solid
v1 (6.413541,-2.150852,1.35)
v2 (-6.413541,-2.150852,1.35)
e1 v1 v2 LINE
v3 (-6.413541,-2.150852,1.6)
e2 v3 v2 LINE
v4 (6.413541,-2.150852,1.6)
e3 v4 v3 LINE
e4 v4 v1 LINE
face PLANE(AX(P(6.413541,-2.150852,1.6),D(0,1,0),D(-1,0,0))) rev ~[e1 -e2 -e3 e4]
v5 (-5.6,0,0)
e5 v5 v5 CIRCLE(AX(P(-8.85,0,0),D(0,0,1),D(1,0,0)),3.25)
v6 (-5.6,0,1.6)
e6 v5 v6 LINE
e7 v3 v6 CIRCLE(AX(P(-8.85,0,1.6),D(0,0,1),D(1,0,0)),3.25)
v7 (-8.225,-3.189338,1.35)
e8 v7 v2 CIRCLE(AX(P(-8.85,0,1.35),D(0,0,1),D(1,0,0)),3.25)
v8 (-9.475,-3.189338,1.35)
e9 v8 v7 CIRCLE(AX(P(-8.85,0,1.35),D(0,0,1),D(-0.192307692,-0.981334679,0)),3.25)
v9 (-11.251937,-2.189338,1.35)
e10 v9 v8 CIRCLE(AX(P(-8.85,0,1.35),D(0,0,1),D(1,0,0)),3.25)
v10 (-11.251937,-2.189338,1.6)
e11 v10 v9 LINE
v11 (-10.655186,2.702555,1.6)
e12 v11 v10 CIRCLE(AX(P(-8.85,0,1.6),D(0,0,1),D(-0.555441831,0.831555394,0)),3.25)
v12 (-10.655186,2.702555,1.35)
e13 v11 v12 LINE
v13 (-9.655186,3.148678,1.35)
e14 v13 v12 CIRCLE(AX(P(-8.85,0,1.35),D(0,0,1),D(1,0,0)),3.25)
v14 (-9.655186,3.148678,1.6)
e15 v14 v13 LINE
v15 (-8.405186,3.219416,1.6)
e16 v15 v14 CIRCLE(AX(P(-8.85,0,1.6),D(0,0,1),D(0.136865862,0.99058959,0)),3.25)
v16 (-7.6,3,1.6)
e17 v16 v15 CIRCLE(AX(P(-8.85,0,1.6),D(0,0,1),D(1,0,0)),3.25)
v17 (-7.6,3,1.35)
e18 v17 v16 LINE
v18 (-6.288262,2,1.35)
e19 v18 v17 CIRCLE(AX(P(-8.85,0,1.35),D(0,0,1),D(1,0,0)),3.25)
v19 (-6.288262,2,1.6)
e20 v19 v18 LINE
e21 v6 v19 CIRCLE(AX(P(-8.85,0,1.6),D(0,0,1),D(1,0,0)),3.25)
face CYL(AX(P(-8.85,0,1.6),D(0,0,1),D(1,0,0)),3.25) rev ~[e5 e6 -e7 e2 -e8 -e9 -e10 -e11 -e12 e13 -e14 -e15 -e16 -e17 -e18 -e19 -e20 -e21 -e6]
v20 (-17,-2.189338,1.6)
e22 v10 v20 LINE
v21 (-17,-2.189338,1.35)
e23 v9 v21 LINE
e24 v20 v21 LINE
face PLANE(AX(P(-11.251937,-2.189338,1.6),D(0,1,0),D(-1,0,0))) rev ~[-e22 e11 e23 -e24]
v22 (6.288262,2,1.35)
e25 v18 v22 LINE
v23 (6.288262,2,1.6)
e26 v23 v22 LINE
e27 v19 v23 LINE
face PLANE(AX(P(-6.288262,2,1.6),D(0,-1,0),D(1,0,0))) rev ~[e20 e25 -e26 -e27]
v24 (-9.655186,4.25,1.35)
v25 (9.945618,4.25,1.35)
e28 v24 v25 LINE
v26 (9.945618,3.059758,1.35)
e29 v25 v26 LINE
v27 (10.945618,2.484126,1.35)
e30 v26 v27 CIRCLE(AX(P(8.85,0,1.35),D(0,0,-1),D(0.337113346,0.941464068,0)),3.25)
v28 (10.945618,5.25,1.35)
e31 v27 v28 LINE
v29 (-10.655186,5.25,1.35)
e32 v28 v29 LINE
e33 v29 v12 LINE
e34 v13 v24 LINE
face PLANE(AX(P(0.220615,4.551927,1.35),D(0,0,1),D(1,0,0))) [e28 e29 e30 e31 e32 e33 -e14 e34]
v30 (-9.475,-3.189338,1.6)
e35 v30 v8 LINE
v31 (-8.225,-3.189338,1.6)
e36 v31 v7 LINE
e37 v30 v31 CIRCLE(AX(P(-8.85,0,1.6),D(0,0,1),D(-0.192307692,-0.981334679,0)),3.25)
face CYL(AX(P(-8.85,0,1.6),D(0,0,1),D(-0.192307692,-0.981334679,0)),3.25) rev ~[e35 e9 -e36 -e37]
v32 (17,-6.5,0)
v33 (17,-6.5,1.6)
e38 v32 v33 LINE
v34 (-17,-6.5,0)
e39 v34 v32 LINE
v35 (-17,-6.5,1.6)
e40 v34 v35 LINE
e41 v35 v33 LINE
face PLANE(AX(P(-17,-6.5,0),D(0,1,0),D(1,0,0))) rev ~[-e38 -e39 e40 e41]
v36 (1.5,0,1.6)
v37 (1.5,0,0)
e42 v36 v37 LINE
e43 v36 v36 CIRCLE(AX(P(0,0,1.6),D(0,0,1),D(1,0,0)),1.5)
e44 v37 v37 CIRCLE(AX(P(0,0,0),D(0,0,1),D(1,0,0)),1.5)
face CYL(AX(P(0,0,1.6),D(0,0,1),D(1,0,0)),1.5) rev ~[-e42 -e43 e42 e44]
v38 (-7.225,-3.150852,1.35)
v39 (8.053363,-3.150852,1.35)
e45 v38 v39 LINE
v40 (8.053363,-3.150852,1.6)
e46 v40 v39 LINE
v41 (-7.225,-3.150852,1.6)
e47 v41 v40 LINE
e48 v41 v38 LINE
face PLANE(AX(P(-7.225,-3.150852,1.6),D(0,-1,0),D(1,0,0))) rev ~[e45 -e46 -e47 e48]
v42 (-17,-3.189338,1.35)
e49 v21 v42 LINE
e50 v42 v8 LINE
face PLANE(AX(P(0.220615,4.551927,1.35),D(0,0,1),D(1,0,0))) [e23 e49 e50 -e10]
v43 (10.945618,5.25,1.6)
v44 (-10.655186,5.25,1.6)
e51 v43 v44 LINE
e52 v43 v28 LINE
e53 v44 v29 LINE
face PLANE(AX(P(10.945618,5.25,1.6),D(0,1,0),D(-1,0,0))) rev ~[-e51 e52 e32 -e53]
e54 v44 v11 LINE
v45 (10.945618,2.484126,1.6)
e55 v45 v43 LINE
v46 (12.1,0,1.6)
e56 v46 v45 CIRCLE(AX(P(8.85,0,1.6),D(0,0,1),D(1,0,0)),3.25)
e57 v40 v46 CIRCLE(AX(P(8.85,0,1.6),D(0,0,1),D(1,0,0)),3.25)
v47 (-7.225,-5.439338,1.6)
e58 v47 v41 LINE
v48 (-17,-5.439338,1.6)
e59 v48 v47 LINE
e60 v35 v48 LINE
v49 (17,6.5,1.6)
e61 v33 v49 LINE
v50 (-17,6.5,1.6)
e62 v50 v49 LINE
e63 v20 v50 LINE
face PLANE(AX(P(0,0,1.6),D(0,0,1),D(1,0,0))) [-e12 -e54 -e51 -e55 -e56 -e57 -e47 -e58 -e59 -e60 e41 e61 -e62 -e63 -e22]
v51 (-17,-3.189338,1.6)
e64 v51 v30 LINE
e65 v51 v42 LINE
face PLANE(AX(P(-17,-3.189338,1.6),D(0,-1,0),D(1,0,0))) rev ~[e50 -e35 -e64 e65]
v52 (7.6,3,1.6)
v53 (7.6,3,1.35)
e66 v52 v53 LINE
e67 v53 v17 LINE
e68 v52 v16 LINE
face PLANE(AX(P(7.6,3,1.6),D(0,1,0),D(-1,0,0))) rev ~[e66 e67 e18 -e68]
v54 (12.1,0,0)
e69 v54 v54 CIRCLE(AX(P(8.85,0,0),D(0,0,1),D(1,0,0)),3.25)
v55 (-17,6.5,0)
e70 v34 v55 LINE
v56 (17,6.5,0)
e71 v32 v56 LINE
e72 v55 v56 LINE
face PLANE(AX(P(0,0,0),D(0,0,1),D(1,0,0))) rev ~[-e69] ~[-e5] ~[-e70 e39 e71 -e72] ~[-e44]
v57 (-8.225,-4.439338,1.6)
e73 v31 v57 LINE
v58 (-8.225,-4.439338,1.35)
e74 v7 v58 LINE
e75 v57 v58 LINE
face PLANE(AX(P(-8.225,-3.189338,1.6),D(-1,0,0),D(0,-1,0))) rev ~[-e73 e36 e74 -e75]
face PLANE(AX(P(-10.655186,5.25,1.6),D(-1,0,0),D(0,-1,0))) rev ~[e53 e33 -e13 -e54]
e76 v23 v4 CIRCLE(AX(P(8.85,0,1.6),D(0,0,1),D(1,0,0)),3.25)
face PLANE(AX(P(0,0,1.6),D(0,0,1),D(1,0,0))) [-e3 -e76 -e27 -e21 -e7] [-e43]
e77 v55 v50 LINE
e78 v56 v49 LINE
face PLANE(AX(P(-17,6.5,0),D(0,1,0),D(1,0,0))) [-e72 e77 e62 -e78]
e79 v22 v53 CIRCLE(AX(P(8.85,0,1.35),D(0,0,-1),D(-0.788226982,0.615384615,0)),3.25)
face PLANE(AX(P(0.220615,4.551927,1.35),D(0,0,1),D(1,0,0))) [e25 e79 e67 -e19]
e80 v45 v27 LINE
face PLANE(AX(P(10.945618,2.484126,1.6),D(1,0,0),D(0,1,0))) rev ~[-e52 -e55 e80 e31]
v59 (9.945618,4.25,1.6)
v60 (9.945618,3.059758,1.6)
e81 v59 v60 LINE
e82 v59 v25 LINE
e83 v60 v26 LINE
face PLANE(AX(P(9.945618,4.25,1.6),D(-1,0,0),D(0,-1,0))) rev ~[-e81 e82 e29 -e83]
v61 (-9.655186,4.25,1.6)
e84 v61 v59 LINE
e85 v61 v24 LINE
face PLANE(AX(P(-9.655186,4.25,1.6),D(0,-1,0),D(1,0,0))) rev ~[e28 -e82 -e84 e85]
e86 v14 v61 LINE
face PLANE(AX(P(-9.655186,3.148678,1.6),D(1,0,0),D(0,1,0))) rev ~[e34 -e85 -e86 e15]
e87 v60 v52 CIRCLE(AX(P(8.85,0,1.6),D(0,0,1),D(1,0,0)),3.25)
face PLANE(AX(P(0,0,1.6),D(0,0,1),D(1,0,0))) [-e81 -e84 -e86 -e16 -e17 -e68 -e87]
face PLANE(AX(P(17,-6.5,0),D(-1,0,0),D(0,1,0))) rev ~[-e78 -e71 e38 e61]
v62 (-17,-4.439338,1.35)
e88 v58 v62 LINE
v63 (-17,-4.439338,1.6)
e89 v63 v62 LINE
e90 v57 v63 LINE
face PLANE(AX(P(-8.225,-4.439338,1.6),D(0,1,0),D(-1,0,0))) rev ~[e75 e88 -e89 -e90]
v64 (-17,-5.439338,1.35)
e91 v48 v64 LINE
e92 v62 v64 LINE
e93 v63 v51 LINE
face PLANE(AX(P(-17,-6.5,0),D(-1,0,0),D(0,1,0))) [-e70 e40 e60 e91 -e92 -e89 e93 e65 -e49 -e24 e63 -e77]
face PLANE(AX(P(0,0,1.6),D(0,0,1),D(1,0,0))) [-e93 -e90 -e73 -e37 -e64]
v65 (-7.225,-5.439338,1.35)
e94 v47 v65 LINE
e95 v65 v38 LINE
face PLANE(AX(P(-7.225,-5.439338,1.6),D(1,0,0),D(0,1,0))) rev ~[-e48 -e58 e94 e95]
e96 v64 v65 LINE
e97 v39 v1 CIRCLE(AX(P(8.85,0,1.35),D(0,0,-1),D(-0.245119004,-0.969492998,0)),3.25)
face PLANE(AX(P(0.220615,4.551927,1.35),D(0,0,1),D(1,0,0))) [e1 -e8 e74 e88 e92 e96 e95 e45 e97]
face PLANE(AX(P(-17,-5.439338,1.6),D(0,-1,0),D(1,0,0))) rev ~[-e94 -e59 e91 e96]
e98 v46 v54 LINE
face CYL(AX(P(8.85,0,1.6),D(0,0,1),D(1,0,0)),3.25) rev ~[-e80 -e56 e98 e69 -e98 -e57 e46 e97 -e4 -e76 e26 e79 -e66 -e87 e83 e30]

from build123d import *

# Parameters (mm, degrees)
F0_W     = 34
F0_H     = 13
F1_DEPTH = 1.6
F2_R     = 3.25
F3_DEPTH = 1.601
F4_R     = 1.5
F5_DEPTH = 1.601
F7_DEPTH = 0.25


with BuildPart() as f1:
    # F0 (on Top) → F1 (new body)
    with BuildSketch(Plane.XY):
        Rectangle(F0_W, F0_H)
    extrude(amount=F1_DEPTH)

    # F2 (on face) → F3 (cut, through all)
    with BuildSketch(Plane.XY.offset(1.6)):
        with Locations((-8.85, 0)):
            Circle(F2_R)
        with Locations((8.85, 0)):
            Circle(F2_R)
    extrude(amount=-F3_DEPTH, mode=Mode.SUBTRACT)

    # F4 (on face) → F5 (cut, through all)
    with BuildSketch(Plane.XY.offset(1.6)):
        Circle(F4_R)
    extrude(amount=-F5_DEPTH, mode=Mode.SUBTRACT)

    # F6 (on face) → F7 (cut)
    with BuildSketch(Plane.XY.offset(1.6)):
        with BuildLine():
            ThreePointArc((-10.6551859497, 2.7025550294), (-10.1741098428, 2.9680352296), (-9.6551859497, 3.1486783873))
            Line((-9.6551859497, 3.1486783873), (-9.6551859497, 4.25))
            Line((-9.6551859497, 4.25), (9.9456183744, 4.25))
            Line((9.9456183744, 4.25), (9.9456183744, 3.0597582221))
            ThreePointArc((9.9456183744, 3.0597582221), (10.4713685624, 2.8166760525), (10.9456183744, 2.4841263311))
            Line((10.9456183744, 2.4841263311), (10.9456183744, 5.25))
            Line((10.9456183744, 5.25), (-10.6551859497, 5.25))
            Line((-10.6551859497, 5.25), (-10.6551859497, 2.7025550294))
        make_face()
        with BuildLine():
            ThreePointArc((-8.4051859497, 3.2194161677), (-9.0336244397, 3.244808479), (-9.6551859497, 3.1486783873))
            ThreePointArc((-9.6551859497, 3.1486783873), (-10.1741098428, 2.9680352296), (-10.6551859497, 2.7025550294))
            ThreePointArc((-10.6551859497, 2.7025550294), (-12.0760849491, 0.3935427562), (-11.2519368041, -2.1893377055))
            ThreePointArc((-11.2519368041, -2.1893377055), (-10.4439217685, -2.8322982534), (-9.475, -3.1893377055))
            ThreePointArc((-9.475, -3.1893377055), (-8.85, -3.25), (-8.225, -3.1893377055))
            ThreePointArc((-8.225, -3.1893377055), (-7.7095021463, -3.0433147464), (-7.225, -2.8145825623))
            ThreePointArc((-7.225, -2.8145825623), (-6.7923319785, -2.5156514689), (-6.4135405563, -2.1508522448))
            ThreePointArc((-6.4135405563, -2.1508522448), (-5.8101814863, -1.1497840684), (-5.6, 0))
            ThreePointArc((-5.6, 0), (-5.7768788262, 1.0575567367), (-6.2882623085, 2))
            ThreePointArc((-6.2882623085, 2), (-6.8796355522, 2.5846013122), (-7.6, 3))
            Line((-7.6, 3), (-8.4051859497, 3))
            Line((-8.4051859497, 3), (-8.4051859497, 3.2194161677))
        make_face()
        with BuildLine():
            Line((7.6, 3), (-7.6, 3))
            ThreePointArc((-7.6, 3), (-6.8796355522, 2.5846013122), (-6.2882623085, 2))
            Line((-6.2882623085, 2), (6.2882623085, 2))
            ThreePointArc((6.2882623085, 2), (6.8796355522, 2.5846013122), (7.6, 3))
        make_face()
        with BuildLine():
            ThreePointArc((8.0533632375, -3.1508522448), (7.1578925065, -2.774756247), (6.4135405563, -2.1508522448))
            Line((6.4135405563, -2.1508522448), (-6.4135405563, -2.1508522448))
            ThreePointArc((-6.4135405563, -2.1508522448), (-6.7923319785, -2.5156514689), (-7.225, -2.8145825623))
            Line((-7.225, -2.8145825623), (-7.225, -3.1508522448))
            Line((-7.225, -3.1508522448), (8.0533632375, -3.1508522448))
        make_face()
        with BuildLine():
            ThreePointArc((-7.225, -2.8145825623), (-7.7095021463, -3.0433147464), (-8.225, -3.1893377055))
            Line((-8.225, -3.1893377055), (-8.225, -4.4393377055))
            Line((-8.225, -4.4393377055), (-17, -4.4393377055))
            Line((-17, -4.4393377055), (-17, -5.4393377055))
            Line((-17, -5.4393377055), (-7.225, -5.4393377055))
            Line((-7.225, -5.4393377055), (-7.225, -3.1508522448))
            Line((-7.225, -3.1508522448), (-7.225, -2.8145825623))
        make_face()
        with BuildLine():
            ThreePointArc((-9.475, -3.1893377055), (-10.4439217685, -2.8322982534), (-11.2519368041, -2.1893377055))
            Line((-11.2519368041, -2.1893377055), (-17, -2.1893377055))
            Line((-17, -2.1893377055), (-17, -3.1893377055))
            Line((-17, -3.1893377055), (-9.475, -3.1893377055))
        make_face()
    extrude(amount=-F7_DEPTH, mode=Mode.SUBTRACT)


solid = f1.part
